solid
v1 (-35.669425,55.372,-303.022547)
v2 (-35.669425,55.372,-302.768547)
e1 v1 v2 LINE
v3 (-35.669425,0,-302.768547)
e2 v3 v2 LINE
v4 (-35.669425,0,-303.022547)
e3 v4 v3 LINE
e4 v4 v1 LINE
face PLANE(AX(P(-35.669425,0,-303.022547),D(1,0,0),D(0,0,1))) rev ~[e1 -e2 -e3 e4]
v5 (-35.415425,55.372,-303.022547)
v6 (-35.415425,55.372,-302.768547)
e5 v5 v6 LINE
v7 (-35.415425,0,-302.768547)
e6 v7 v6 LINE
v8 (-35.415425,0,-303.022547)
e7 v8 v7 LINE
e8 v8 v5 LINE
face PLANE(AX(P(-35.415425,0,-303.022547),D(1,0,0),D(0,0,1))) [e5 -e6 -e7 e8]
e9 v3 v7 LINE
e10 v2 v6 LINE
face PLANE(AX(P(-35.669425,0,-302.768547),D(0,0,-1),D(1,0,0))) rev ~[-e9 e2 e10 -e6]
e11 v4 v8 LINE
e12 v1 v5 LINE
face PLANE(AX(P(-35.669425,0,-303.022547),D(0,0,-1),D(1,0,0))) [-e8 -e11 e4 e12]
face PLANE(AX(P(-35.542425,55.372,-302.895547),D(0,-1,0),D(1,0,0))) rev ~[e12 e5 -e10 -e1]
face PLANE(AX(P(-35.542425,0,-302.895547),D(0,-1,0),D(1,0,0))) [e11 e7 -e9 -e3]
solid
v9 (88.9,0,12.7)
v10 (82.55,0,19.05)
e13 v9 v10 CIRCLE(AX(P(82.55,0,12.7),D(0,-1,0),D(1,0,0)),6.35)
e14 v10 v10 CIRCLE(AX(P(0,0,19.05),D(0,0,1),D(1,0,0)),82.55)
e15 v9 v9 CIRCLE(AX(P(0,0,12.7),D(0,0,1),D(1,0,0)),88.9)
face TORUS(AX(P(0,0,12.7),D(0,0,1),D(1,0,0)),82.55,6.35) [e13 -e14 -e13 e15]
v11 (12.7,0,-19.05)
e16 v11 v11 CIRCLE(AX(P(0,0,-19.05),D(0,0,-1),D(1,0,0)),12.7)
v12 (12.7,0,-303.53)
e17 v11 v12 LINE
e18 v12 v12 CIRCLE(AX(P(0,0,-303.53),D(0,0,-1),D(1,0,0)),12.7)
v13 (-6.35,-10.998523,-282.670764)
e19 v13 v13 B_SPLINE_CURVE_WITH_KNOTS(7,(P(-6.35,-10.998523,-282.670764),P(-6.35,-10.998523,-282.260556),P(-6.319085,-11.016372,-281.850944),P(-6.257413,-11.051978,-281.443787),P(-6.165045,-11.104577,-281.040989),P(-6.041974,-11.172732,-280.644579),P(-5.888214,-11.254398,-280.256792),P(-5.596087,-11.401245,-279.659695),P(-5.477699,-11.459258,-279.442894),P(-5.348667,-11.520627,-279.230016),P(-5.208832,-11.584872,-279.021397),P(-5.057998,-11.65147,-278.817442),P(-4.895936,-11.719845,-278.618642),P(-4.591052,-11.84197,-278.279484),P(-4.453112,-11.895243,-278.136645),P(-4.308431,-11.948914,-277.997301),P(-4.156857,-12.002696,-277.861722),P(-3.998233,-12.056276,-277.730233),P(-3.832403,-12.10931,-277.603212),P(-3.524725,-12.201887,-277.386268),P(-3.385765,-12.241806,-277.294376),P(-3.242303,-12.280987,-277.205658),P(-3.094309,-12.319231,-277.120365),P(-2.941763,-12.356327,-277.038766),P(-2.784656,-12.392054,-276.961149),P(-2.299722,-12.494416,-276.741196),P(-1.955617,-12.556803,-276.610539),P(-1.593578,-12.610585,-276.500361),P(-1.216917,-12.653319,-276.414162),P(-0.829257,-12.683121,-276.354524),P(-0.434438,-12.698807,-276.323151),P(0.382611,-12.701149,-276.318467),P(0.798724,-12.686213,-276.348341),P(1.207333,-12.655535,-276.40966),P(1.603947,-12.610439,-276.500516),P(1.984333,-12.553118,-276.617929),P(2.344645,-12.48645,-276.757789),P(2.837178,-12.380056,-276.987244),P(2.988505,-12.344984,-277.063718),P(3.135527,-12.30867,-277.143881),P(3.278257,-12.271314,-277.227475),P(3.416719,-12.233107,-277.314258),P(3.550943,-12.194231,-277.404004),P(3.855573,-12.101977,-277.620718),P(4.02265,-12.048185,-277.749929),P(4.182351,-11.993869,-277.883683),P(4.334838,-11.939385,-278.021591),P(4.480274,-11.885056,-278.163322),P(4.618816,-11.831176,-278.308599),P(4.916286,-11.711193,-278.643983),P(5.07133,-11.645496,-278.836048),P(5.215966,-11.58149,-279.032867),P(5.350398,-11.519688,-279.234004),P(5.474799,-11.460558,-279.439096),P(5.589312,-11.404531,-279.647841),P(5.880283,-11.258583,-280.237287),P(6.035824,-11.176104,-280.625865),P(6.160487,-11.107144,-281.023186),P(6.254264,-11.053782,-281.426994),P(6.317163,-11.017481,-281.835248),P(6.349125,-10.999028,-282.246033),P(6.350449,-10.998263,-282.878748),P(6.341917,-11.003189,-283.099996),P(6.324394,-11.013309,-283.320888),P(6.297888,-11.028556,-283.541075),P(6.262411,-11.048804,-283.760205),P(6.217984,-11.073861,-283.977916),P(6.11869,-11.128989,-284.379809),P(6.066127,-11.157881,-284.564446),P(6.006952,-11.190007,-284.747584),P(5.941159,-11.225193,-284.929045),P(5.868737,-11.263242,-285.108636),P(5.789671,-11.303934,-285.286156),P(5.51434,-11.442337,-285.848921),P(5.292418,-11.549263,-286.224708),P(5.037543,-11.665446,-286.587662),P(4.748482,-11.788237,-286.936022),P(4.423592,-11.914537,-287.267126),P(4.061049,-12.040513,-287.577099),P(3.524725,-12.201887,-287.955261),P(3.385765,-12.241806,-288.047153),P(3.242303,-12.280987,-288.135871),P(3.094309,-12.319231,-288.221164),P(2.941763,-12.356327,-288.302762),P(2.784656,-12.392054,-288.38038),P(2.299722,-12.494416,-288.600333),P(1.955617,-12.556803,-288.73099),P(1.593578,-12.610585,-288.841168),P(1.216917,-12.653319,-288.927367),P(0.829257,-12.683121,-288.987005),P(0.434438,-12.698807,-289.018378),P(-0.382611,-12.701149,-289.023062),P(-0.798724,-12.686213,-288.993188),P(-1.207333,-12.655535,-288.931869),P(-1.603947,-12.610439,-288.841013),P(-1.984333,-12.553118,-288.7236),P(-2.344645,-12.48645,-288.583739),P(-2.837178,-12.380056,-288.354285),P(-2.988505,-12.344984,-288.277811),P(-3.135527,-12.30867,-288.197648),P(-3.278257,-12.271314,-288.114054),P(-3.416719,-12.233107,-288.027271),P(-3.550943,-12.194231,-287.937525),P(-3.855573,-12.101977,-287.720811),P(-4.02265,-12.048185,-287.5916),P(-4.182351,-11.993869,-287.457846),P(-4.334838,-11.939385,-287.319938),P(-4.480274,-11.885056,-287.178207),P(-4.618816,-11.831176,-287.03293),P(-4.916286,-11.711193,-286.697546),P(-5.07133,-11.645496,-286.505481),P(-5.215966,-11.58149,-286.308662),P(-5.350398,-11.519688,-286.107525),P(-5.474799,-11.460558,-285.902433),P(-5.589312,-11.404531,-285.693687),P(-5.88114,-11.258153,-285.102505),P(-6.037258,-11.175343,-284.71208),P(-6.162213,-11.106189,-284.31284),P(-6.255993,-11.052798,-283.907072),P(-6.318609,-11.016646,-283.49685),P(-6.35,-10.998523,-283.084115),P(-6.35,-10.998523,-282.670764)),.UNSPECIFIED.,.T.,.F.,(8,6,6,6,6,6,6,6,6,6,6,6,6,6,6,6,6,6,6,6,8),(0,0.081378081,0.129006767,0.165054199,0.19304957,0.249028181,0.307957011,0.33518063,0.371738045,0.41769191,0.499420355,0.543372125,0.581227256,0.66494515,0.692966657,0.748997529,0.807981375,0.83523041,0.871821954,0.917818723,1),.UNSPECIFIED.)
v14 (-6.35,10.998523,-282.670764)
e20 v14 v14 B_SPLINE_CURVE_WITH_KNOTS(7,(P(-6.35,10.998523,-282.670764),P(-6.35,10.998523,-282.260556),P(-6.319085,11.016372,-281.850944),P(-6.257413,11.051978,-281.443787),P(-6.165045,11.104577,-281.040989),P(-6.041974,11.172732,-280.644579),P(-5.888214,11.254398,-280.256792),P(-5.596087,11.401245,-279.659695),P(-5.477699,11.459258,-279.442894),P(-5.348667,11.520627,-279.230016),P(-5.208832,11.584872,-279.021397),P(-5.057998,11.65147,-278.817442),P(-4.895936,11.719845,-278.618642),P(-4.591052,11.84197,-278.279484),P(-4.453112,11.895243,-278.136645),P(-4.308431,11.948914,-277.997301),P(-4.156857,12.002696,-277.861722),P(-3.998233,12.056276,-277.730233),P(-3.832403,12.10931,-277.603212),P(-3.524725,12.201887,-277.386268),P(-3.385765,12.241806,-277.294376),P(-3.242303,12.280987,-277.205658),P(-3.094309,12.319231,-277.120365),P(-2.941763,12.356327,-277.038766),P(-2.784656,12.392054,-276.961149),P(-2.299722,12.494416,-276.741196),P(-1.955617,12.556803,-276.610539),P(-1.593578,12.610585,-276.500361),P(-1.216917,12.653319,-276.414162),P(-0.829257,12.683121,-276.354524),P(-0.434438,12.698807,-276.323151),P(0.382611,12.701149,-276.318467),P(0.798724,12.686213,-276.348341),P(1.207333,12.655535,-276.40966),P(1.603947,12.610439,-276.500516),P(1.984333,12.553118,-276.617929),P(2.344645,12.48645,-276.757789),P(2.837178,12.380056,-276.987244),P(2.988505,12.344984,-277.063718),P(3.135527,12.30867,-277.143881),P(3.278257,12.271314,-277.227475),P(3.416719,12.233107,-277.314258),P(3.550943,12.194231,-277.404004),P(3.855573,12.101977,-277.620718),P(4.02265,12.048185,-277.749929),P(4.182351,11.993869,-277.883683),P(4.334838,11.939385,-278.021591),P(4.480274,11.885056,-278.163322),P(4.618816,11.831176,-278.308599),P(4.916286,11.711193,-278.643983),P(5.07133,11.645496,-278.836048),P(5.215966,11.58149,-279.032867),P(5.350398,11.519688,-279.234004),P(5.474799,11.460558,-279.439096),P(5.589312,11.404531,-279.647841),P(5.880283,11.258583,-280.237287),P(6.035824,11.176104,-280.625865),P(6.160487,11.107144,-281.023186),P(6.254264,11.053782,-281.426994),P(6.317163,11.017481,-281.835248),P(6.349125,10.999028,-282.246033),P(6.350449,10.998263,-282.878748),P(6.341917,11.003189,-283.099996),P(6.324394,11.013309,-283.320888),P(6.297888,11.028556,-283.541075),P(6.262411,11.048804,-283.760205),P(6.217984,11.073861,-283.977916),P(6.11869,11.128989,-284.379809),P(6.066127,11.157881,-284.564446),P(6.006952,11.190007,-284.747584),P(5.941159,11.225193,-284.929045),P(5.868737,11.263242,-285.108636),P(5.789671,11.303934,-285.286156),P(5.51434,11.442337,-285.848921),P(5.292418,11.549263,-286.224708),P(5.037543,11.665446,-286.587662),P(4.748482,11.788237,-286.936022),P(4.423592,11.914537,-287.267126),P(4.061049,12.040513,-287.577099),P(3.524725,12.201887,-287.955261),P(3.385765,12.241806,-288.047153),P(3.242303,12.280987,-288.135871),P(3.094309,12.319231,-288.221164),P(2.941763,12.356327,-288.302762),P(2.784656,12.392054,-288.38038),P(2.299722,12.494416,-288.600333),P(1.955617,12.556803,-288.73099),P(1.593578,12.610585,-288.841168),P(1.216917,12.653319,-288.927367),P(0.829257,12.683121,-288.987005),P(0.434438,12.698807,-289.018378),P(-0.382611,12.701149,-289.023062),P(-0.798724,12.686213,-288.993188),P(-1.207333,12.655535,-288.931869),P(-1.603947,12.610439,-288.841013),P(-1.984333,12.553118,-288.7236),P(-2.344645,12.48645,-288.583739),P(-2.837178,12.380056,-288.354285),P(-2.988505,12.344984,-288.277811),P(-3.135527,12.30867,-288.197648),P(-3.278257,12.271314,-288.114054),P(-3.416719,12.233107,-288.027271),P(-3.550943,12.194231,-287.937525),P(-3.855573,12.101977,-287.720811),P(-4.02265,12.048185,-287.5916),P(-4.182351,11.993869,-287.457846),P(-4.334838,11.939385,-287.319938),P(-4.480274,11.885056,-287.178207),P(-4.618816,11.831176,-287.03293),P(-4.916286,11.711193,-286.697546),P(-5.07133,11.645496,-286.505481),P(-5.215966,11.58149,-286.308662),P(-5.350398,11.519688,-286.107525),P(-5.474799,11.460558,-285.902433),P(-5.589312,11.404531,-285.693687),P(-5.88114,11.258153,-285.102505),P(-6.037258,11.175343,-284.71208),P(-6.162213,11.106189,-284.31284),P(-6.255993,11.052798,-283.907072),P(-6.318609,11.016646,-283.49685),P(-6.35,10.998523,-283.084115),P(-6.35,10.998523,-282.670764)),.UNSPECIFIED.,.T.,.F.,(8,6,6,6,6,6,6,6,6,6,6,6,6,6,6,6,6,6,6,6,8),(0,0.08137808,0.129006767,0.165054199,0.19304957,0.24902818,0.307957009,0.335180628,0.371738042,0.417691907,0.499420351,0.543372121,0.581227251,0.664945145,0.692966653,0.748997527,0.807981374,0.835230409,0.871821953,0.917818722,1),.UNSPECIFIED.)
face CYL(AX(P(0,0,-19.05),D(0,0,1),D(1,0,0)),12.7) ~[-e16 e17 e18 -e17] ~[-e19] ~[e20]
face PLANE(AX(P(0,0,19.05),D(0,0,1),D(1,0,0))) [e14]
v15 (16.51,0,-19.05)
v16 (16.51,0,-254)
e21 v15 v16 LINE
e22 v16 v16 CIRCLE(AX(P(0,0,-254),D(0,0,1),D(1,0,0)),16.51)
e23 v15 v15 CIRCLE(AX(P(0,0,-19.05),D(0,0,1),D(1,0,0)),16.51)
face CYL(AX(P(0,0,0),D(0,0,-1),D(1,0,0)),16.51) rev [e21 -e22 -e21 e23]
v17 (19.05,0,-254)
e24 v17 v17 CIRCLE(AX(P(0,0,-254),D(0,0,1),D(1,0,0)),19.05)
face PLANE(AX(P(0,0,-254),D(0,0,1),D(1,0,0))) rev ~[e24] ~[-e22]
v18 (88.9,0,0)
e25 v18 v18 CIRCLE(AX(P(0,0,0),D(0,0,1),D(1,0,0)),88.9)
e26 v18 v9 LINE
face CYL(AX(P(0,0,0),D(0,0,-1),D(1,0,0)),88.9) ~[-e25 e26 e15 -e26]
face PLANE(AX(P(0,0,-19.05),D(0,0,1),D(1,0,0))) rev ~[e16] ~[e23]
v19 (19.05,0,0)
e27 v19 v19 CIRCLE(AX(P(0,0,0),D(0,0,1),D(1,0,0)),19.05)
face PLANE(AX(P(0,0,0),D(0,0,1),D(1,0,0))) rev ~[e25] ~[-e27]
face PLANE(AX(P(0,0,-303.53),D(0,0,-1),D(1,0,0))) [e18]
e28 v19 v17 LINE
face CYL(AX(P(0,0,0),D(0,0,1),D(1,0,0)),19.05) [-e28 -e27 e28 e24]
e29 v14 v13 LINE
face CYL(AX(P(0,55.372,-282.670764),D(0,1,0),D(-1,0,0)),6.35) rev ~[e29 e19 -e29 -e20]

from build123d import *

# Parameters (mm, degrees)
F0_R          = 88.9
F0_R_2        = 19.05
F1_DEPTH      = 19.05
F0_R_3        = 16.51
F2_DEPTH      = 254
F2_DEPTH_BACK = 19.05
F3_R          = 6.35
F4_DEPTH      = 19.05
F4_DEPTH_BACK = 19.05
F5_R          = 12.7
F6_DEPTH      = 284.48
F7_W          = 0.254
F7_H          = 0.254
F8_DEPTH      = 55.372
F9_R          = 6.35
F10_DEPTH     = 144.273


with BuildPart() as f1:
    # F0 (on Top) → F1 (new body)
    with BuildSketch(Plane.XY):
        Circle(F0_R)
        Circle(F0_R_2, mode=Mode.SUBTRACT)
    extrude(amount=F1_DEPTH)

    # F0 (on Top) → F2 (join, two sides)
    with BuildSketch(Plane.XY) as f2_sk:
        Circle(F0_R_2)
        Circle(F0_R_3, mode=Mode.SUBTRACT)
    extrude(amount=-F2_DEPTH)
    extrude(f2_sk.sketch, amount=F2_DEPTH_BACK)

    # F3
    f3_edges = [f1.edges().sort_by_distance(p)[0] for p in [
        (-88.9, 0, 19.05),
    ]]
    fillet(f3_edges, radius=F3_R)

    # F0 (on Top) → F4 (join, two sides)
    with BuildSketch(Plane.XY) as f4_sk:
        Circle(F0_R_3)
    extrude(amount=F4_DEPTH)
    extrude(f4_sk.sketch, amount=-F4_DEPTH_BACK)

    # F5 (on face) → F6 (join)
    with BuildSketch(Plane(origin=(0, 0, -19.05), x_dir=(1, 0, 0), z_dir=(0, 0, -1))):
        Circle(F5_R)
    extrude(amount=F6_DEPTH)

    # F9 (on face) → F10 (cut, through all)
    with BuildSketch(Plane(origin=(0, 55.372, 0), x_dir=(-1, 0, 0), z_dir=(0, 1, 0))):
        with Locations((0, -282.6707644518)):
            Circle(F9_R)
    extrude(amount=-F10_DEPTH, mode=Mode.SUBTRACT)


with BuildPart() as f8:
    # F7 (on Front) → F8 (new body)
    with BuildSketch(Plane.XZ):
        with Locations((-35.542425267, -302.8955466426)):
            Rectangle(F7_W, F7_H)
    extrude(amount=-F8_DEPTH)


solid = Compound([f1.part, f8.part])
